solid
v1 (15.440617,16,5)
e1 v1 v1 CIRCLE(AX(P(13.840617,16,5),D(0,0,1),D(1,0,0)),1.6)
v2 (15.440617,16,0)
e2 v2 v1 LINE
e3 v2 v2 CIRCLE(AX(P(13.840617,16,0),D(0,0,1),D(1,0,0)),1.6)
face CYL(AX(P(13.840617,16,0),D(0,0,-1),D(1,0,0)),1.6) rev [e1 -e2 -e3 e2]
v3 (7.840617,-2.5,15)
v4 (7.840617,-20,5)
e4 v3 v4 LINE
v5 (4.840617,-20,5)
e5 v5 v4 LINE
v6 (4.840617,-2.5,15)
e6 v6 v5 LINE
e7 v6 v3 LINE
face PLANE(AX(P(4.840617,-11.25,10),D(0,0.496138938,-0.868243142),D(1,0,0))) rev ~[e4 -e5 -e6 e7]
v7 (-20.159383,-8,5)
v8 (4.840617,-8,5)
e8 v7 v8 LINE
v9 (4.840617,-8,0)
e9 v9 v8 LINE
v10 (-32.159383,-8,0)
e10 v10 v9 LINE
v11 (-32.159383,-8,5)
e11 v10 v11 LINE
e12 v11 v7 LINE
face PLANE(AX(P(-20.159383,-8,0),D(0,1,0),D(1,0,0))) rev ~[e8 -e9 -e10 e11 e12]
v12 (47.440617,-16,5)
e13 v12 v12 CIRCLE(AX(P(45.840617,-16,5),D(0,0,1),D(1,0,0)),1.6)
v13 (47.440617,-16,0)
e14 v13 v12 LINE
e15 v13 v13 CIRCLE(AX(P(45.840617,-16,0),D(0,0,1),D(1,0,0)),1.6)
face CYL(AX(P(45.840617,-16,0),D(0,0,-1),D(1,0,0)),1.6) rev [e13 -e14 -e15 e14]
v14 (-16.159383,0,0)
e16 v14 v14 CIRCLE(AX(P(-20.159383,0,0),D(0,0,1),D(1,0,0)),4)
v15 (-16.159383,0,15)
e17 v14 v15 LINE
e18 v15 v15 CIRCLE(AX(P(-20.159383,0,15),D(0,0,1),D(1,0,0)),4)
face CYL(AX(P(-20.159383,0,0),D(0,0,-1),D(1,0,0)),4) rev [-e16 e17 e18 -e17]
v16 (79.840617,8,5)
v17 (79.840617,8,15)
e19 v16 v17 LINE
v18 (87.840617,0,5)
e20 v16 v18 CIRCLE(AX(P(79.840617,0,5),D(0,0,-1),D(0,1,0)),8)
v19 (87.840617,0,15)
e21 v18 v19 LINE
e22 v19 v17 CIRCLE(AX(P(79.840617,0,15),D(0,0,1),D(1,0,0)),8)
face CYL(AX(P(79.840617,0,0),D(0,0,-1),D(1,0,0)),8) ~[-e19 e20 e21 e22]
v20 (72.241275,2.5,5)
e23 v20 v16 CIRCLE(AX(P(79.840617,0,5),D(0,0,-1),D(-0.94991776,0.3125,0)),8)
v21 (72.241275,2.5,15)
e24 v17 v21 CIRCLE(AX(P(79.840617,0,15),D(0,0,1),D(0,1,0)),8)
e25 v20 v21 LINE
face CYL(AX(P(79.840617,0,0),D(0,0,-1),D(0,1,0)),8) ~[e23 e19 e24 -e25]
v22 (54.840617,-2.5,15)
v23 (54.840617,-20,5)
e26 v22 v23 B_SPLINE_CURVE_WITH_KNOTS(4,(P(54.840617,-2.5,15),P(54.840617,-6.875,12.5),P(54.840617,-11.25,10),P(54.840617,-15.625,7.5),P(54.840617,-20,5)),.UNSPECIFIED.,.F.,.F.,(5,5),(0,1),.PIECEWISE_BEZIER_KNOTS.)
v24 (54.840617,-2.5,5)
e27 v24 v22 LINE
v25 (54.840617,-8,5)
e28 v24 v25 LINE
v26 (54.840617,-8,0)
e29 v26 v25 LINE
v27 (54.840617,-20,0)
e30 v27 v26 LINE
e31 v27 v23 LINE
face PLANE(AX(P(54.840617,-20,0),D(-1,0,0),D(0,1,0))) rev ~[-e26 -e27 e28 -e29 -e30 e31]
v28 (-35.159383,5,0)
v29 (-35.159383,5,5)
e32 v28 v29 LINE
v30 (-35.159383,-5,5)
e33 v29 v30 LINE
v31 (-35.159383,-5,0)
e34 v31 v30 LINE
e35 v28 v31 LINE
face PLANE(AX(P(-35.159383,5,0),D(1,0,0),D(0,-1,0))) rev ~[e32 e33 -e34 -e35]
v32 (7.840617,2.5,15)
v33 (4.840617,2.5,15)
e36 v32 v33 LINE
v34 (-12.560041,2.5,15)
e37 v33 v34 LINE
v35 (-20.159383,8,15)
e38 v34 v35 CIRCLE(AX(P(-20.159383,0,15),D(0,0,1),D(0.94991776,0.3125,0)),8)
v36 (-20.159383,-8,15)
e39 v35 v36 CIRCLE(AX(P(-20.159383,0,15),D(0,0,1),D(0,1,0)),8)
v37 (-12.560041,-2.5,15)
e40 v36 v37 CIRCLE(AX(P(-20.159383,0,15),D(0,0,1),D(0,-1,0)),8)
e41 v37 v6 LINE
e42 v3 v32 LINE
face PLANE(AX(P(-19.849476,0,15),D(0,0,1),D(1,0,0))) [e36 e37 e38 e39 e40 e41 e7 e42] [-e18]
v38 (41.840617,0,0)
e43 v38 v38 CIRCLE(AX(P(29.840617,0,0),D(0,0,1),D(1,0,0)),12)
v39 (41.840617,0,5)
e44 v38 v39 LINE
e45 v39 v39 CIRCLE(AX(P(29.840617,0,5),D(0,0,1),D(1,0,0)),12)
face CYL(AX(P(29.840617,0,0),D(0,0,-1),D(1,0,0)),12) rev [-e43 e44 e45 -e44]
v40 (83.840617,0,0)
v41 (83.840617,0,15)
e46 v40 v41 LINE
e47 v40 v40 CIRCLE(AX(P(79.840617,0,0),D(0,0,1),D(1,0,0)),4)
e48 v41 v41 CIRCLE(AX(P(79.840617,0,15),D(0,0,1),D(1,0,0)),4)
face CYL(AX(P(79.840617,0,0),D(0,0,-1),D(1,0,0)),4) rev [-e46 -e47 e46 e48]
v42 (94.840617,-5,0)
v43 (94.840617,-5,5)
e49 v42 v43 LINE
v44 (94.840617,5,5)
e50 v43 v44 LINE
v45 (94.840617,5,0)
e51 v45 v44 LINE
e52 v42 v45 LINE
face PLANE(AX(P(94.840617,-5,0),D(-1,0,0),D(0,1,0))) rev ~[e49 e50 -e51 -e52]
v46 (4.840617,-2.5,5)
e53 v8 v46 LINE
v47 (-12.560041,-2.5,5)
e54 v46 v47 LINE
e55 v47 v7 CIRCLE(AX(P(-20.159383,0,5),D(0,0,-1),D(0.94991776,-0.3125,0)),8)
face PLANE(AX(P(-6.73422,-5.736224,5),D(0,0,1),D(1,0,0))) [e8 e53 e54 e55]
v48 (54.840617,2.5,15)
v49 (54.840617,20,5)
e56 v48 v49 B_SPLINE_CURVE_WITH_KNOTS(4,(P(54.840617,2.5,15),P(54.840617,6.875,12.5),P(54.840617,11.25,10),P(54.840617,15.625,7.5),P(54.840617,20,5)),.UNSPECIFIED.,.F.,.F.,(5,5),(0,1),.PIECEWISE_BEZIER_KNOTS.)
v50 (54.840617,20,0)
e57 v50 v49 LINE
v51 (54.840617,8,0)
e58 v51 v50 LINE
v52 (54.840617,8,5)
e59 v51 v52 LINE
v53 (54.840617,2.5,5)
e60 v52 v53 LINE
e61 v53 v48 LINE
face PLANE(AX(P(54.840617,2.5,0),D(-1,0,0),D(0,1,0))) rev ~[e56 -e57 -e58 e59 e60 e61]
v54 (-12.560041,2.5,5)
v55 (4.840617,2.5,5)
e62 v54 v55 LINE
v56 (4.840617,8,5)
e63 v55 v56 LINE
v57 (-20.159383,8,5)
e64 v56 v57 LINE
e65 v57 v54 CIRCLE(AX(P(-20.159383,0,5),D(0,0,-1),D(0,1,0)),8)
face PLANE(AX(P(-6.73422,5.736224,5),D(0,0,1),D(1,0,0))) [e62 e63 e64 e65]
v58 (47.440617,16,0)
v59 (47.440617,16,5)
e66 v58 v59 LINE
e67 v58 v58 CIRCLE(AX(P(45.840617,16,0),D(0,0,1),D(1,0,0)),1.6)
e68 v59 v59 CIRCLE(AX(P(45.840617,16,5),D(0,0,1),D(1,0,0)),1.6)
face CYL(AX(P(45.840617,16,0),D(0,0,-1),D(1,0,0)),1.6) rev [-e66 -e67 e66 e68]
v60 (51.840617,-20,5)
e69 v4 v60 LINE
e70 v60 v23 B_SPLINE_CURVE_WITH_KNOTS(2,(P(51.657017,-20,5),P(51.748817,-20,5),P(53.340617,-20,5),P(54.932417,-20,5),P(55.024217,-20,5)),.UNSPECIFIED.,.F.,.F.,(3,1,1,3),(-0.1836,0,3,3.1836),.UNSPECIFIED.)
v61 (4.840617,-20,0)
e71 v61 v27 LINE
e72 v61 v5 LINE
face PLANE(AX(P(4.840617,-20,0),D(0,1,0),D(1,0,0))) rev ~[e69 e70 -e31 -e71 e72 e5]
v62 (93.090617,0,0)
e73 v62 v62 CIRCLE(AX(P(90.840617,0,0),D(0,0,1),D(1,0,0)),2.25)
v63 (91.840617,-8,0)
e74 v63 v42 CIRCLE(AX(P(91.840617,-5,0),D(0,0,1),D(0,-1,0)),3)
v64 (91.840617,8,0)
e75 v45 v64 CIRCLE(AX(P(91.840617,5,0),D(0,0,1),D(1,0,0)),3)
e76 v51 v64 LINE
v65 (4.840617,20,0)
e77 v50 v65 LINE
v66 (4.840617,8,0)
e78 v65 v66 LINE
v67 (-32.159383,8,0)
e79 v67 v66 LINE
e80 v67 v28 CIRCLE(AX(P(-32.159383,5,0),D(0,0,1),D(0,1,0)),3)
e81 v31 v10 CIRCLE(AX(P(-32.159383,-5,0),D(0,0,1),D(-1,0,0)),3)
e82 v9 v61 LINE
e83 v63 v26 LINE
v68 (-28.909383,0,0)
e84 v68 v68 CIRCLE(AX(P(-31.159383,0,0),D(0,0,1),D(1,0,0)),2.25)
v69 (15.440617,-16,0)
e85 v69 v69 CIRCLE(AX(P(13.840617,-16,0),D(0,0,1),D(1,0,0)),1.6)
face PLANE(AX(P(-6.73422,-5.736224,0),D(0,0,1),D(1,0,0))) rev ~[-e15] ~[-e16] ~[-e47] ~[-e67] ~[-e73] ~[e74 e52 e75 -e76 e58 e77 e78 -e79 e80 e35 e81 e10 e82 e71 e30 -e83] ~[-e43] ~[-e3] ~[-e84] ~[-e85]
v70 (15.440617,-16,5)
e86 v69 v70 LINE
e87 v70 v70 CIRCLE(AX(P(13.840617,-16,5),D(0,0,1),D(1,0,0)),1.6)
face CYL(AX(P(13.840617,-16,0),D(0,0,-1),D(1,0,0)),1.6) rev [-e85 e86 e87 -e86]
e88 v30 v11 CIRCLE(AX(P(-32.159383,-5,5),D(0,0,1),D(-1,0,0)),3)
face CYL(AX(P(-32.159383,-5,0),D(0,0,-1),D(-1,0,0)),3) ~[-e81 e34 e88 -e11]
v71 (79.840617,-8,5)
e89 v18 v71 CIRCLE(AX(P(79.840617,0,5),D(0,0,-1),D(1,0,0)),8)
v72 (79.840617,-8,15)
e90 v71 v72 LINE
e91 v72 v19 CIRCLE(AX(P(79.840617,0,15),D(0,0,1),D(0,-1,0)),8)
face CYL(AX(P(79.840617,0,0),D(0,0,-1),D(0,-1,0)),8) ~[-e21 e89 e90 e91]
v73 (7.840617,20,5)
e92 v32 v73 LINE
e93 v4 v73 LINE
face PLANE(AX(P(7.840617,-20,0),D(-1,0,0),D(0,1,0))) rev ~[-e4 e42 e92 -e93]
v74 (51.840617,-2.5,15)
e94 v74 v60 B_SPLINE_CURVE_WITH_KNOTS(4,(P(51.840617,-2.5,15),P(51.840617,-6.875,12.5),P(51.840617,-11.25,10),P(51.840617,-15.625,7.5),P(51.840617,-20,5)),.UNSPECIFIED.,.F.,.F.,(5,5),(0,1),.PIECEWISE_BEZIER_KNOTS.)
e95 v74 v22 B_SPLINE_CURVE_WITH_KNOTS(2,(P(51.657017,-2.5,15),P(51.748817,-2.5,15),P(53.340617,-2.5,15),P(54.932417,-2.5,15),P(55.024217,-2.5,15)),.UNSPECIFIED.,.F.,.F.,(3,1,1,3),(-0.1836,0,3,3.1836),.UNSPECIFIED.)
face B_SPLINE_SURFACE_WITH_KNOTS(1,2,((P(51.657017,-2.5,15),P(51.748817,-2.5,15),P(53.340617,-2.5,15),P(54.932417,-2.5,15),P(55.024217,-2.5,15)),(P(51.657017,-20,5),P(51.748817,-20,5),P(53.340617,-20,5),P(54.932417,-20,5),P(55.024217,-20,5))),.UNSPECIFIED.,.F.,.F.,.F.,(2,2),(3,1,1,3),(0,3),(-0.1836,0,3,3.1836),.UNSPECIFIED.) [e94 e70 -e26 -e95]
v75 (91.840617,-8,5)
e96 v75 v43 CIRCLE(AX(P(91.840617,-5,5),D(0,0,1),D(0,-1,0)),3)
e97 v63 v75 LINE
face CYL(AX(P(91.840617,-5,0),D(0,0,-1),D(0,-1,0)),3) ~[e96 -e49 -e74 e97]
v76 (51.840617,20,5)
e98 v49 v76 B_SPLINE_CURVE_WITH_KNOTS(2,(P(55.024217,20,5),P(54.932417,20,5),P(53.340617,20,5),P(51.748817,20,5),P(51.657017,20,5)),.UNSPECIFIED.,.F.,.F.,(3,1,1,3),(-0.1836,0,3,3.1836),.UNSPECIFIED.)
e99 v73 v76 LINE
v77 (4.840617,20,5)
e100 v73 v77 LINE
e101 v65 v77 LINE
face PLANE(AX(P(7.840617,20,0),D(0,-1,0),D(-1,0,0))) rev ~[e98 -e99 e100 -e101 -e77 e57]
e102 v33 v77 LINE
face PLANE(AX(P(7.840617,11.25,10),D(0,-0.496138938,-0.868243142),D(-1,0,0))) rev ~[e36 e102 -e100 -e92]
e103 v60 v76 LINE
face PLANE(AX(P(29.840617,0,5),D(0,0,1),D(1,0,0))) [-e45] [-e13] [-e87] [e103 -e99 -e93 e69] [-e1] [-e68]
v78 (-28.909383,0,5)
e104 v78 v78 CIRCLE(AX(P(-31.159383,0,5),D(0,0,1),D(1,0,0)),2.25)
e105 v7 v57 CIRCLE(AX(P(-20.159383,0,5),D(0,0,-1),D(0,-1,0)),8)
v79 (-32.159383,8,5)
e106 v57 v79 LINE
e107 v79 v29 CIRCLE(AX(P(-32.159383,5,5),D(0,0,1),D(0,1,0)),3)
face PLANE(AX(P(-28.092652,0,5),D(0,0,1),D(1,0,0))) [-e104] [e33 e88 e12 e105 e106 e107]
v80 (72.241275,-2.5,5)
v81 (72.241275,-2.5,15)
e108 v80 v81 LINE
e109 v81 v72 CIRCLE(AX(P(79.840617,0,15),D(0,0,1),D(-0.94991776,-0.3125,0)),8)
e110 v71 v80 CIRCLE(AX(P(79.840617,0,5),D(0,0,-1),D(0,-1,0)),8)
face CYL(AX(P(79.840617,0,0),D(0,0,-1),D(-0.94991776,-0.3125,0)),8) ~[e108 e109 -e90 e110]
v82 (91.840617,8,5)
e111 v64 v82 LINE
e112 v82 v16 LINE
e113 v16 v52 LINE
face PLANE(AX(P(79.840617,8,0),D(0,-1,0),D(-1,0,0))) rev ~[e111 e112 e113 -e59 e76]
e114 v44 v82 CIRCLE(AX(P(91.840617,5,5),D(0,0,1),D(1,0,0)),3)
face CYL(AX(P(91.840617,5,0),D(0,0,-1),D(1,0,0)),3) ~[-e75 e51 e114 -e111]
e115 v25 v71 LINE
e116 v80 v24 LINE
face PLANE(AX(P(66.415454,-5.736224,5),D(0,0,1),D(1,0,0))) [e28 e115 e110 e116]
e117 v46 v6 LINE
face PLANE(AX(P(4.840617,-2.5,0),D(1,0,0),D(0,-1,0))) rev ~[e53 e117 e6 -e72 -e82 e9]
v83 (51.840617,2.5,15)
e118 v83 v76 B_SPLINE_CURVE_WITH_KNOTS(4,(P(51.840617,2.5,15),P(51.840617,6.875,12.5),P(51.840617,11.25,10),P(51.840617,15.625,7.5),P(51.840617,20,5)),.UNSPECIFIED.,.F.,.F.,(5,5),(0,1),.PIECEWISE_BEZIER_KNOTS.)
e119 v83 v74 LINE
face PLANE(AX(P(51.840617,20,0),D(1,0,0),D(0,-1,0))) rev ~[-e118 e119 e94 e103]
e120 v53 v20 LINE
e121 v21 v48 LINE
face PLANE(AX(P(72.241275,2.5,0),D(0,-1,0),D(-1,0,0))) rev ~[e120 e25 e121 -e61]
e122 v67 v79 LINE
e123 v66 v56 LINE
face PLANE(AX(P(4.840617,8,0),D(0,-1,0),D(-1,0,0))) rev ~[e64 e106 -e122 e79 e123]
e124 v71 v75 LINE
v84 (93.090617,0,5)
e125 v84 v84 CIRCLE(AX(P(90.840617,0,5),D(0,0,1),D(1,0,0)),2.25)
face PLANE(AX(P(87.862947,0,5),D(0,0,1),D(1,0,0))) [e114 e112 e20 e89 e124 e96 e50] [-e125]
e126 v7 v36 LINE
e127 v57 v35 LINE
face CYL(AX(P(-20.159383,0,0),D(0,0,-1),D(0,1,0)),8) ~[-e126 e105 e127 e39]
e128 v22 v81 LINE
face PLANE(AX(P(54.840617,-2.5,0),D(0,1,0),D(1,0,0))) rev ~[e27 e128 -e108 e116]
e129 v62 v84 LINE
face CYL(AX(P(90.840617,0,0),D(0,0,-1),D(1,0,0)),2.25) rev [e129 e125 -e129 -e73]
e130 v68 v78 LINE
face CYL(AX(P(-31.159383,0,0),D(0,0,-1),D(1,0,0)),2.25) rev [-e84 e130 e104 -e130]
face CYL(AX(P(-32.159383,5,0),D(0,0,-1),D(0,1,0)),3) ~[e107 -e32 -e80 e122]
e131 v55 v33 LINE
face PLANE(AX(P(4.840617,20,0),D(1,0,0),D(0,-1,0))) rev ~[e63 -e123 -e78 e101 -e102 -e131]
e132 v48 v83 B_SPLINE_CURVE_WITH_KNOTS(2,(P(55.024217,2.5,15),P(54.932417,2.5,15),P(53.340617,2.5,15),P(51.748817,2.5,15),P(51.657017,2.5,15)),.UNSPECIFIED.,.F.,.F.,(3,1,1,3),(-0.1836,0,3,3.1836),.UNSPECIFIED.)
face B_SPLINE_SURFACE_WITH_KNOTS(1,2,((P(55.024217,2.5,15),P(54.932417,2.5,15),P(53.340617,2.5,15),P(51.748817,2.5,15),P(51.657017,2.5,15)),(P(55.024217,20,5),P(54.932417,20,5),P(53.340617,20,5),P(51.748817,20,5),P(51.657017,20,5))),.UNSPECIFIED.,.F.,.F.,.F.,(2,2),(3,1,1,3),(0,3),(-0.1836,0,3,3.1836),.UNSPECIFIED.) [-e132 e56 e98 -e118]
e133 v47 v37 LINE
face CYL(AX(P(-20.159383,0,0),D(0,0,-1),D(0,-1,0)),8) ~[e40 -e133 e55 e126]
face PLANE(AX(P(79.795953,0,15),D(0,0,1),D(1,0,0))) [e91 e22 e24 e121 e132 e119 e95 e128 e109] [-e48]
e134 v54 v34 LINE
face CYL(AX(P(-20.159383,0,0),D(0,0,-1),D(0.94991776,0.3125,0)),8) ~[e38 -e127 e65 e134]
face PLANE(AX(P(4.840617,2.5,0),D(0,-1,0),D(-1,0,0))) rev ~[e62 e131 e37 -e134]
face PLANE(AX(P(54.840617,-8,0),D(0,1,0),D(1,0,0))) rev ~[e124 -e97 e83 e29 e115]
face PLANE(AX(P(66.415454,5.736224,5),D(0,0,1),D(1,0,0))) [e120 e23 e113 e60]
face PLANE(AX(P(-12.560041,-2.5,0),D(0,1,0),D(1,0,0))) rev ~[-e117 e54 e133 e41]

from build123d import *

# Parameters (mm, degrees)
F1_DEPTH = 5
F0_R     = 2.25
F0_W     = 44
F0_H     = 40
F0_R_2   = 1.6
F0_R_3   = 12
F0_R_4   = 4
F2_DEPTH = 15
F3_SIZE2 = 10
F3_SIZE  = 17.5
F4_SIZE2 = 10
F4_SIZE  = 17.5


with BuildPart() as f1:
    # F0 (on Top) → F1 (new body)
    with BuildSketch(Plane.XY):
        with BuildLine():
            Line((4.8406173328, -2.5), (-12.5600405904, -2.5))
            ThreePointArc((-12.5600405904, -2.5), (-15.4689669073, -6.4807406984), (-20.1593826672, -8))
            Line((-20.1593826672, -8), (4.8406173328, -8))
            Line((4.8406173328, -8), (4.8406173328, -2.5))
        make_face()
    extrude(amount=F1_DEPTH)



with BuildPart() as f1b:
    # F0 (on Top) → F1, piece 2 (new body)
    with BuildSketch(Plane.XY):
        with BuildLine():
            ThreePointArc((-20.1593826672, 8), (-15.4689669073, 6.4807406984), (-12.5600405904, 2.5))
            Line((-12.5600405904, 2.5), (4.8406173328, 2.5))
            Line((4.8406173328, 2.5), (4.8406173328, 8))
            Line((4.8406173328, 8), (-20.1593826672, 8))
        make_face()
    extrude(amount=F1_DEPTH)


with BuildPart() as f1c:
    # F0 (on Top) → F1, piece 3 (new body)
    with BuildSketch(Plane.XY):
        with BuildLine():
            ThreePointArc((-20.1593826672, -8), (-28.1593826672, 0), (-20.1593826672, 8))
            Line((-20.1593826672, 8), (-32.1593826672, 8))
            ThreePointArc((-32.1593826672, 8), (-34.2807030107, 7.1213203436), (-35.1593826672, 5))
            Line((-35.1593826672, 5), (-35.1593826672, -5))
            ThreePointArc((-35.1593826672, -5), (-34.2807030107, -7.1213203436), (-32.1593826672, -8))
            Line((-32.1593826672, -8), (-20.1593826672, -8))
        make_face()
        with Locations((-31.1593826672, 0)):
            Circle(F0_R, mode=Mode.SUBTRACT)
    extrude(amount=F1_DEPTH)


with BuildPart() as f1d:
    # F0 (on Top) → F1, piece 4 (new body)
    with BuildSketch(Plane.XY):
        with BuildLine():
            Line((91.8406173328, 8), (79.8406173328, 8))
            ThreePointArc((79.8406173328, 8), (85.4974715823, 5.6568542495), (87.8406173328, 0))
            ThreePointArc((87.8406173328, 0), (85.4974715823, -5.6568542495), (79.8406173328, -8))
            Line((79.8406173328, -8), (91.8406173328, -8))
            ThreePointArc((91.8406173328, -8), (93.9619376764, -7.1213203436), (94.8406173328, -5))
            Line((94.8406173328, -5), (94.8406173328, 5))
            ThreePointArc((94.8406173328, 5), (93.9619376764, 7.1213203436), (91.8406173328, 8))
        make_face()
        with Locations((90.8406173328, 0)):
            Circle(F0_R, mode=Mode.SUBTRACT)
    extrude(amount=F1_DEPTH)


with BuildPart() as f1e:
    # F0 (on Top) → F1, piece 5 (new body)
    with BuildSketch(Plane.XY):
        with BuildLine():
            Line((54.8406173328, -2.5), (54.8406173328, -8))
            Line((54.8406173328, -8), (79.8406173328, -8))
            ThreePointArc((79.8406173328, -8), (75.150201573, -6.4807406984), (72.2412752561, -2.5))
            Line((72.2412752561, -2.5), (54.8406173328, -2.5))
        make_face()
    extrude(amount=F1_DEPTH)


with BuildPart() as f1f:
    # F0 (on Top) → F1, piece 6 (new body)
    with BuildSketch(Plane.XY):
        with BuildLine():
            Line((79.8406173328, 8), (54.8406173328, 8))
            Line((54.8406173328, 8), (54.8406173328, 2.5))
            Line((54.8406173328, 2.5), (72.2412752561, 2.5))
            ThreePointArc((72.2412752561, 2.5), (75.150201573, 6.4807406984), (79.8406173328, 8))
        make_face()
    extrude(amount=F1_DEPTH)


with BuildPart() as f1g:
    # F0 (on Top) → F1, piece 7 (new body)
    with BuildSketch(Plane.XY):
        with Locations((29.8406173328, 0)):
            Rectangle(F0_W, F0_H)
        with Locations((13.8406173328, -16)):
            Circle(F0_R_2, mode=Mode.SUBTRACT)
        with Locations((45.8406173328, -16)):
            Circle(F0_R_2, mode=Mode.SUBTRACT)
        with Locations((13.8406173328, 16)):
            Circle(F0_R_2, mode=Mode.SUBTRACT)
        with Locations((29.8406173328, 0)):
            Circle(F0_R_3, mode=Mode.SUBTRACT)
        with Locations((45.8406173328, 16)):
            Circle(F0_R_2, mode=Mode.SUBTRACT)
    extrude(amount=F1_DEPTH)


with BuildPart() as f1_1:
    add(f1.part)

    add(f1b.part)  # F2 merges F1b

    add(f1c.part)  # F2 merges F1c

    add(f1d.part)  # F2 merges F1d

    add(f1e.part)  # F2 merges F1e

    add(f1f.part)  # F2 merges F1f

    add(f1g.part)  # F2 merges F1g
    # F0 (on Top) → F2 (join)
    with BuildSketch(Plane.XY):
        with BuildLine():
            ThreePointArc((-12.5600405904, -2.5), (-12.2601821818, -1.2659509046), (-12.1593826672, 0))
            ThreePointArc((-12.1593826672, 0), (-12.2601821818, 1.2659509046), (-12.5600405904, 2.5))
            ThreePointArc((-12.5600405904, 2.5), (-15.4689669073, 6.4807406984), (-20.1593826672, 8))
            ThreePointArc((-20.1593826672, 8), (-28.1593826672, 0), (-20.1593826672, -8))
            ThreePointArc((-20.1593826672, -8), (-15.4689669073, -6.4807406984), (-12.5600405904, -2.5))
        make_face()
        with Locations((-20.1593826672, 0)):
            Circle(F0_R_4, mode=Mode.SUBTRACT)
        with BuildLine():
            ThreePointArc((87.8406173328, 0), (85.4974715823, 5.6568542495), (79.8406173328, 8))
            ThreePointArc((79.8406173328, 8), (75.150201573, 6.4807406984), (72.2412752561, 2.5))
            ThreePointArc((72.2412752561, 2.5), (71.8406173328, 0), (72.2412752561, -2.5))
            ThreePointArc((72.2412752561, -2.5), (75.150201573, -6.4807406984), (79.8406173328, -8))
            ThreePointArc((79.8406173328, -8), (85.4974715823, -5.6568542495), (87.8406173328, 0))
        make_face()
        with Locations((79.8406173328, 0)):
            Circle(F0_R_4, mode=Mode.SUBTRACT)
        with BuildLine():
            ThreePointArc((-12.5600405904, 2.5), (-12.2601821818, 1.2659509046), (-12.1593826672, 0))
            ThreePointArc((-12.1593826672, 0), (-12.2601821818, -1.2659509046), (-12.5600405904, -2.5))
            Line((-12.5600405904, -2.5), (4.8406173328, -2.5))
            Line((4.8406173328, -2.5), (4.8406173328, -8))
            Line((4.8406173328, -8), (4.8406173328, -20))
            Line((4.8406173328, -20), (7.8406173328, -20))
            Line((7.8406173328, -20), (7.8406173328, 20))
            Line((7.8406173328, 20), (4.8406173328, 20))
            Line((4.8406173328, 20), (4.8406173328, 8))
            Line((4.8406173328, 8), (4.8406173328, 2.5))
            Line((4.8406173328, 2.5), (-12.5600405904, 2.5))
        make_face()
        with BuildLine():
            Line((54.8406173328, 20), (51.8406173328, 20))
            Line((51.8406173328, 20), (51.8406173328, -20))
            Line((51.8406173328, -20), (54.8406173328, -20))
            Line((54.8406173328, -20), (54.8406173328, -8))
            Line((54.8406173328, -8), (54.8406173328, -2.5))
            Line((54.8406173328, -2.5), (72.2412752561, -2.5))
            ThreePointArc((72.2412752561, -2.5), (71.8406173328, 0), (72.2412752561, 2.5))
            Line((72.2412752561, 2.5), (54.8406173328, 2.5))
            Line((54.8406173328, 2.5), (54.8406173328, 8))
            Line((54.8406173328, 8), (54.8406173328, 20))
        make_face()
    extrude(amount=F2_DEPTH)

    # F3
    f3_edges = [f1_1.edges().sort_by_distance(p)[0] for p in [
        (6.340617, -20, 15),
        (6.340617, 20, 15),
    ]]
    f3_side = f1_1.faces().sort_by_distance((-7.289097, 0, 15))[0]
    chamfer(f3_edges, length=F3_SIZE, length2=F3_SIZE2, reference=f3_side)

    # F4
    f4_edges = [f1_1.edges().sort_by_distance(p)[0] for p in [
        (53.340617, -20, 15),
        (53.340617, 20, 15),
    ]]
    f4_side = f1_1.faces().sort_by_distance((66.970331, 0, 15))[0]
    chamfer(f4_edges, length=F4_SIZE, length2=F4_SIZE2, reference=f4_side)


solid = f1_1.part
